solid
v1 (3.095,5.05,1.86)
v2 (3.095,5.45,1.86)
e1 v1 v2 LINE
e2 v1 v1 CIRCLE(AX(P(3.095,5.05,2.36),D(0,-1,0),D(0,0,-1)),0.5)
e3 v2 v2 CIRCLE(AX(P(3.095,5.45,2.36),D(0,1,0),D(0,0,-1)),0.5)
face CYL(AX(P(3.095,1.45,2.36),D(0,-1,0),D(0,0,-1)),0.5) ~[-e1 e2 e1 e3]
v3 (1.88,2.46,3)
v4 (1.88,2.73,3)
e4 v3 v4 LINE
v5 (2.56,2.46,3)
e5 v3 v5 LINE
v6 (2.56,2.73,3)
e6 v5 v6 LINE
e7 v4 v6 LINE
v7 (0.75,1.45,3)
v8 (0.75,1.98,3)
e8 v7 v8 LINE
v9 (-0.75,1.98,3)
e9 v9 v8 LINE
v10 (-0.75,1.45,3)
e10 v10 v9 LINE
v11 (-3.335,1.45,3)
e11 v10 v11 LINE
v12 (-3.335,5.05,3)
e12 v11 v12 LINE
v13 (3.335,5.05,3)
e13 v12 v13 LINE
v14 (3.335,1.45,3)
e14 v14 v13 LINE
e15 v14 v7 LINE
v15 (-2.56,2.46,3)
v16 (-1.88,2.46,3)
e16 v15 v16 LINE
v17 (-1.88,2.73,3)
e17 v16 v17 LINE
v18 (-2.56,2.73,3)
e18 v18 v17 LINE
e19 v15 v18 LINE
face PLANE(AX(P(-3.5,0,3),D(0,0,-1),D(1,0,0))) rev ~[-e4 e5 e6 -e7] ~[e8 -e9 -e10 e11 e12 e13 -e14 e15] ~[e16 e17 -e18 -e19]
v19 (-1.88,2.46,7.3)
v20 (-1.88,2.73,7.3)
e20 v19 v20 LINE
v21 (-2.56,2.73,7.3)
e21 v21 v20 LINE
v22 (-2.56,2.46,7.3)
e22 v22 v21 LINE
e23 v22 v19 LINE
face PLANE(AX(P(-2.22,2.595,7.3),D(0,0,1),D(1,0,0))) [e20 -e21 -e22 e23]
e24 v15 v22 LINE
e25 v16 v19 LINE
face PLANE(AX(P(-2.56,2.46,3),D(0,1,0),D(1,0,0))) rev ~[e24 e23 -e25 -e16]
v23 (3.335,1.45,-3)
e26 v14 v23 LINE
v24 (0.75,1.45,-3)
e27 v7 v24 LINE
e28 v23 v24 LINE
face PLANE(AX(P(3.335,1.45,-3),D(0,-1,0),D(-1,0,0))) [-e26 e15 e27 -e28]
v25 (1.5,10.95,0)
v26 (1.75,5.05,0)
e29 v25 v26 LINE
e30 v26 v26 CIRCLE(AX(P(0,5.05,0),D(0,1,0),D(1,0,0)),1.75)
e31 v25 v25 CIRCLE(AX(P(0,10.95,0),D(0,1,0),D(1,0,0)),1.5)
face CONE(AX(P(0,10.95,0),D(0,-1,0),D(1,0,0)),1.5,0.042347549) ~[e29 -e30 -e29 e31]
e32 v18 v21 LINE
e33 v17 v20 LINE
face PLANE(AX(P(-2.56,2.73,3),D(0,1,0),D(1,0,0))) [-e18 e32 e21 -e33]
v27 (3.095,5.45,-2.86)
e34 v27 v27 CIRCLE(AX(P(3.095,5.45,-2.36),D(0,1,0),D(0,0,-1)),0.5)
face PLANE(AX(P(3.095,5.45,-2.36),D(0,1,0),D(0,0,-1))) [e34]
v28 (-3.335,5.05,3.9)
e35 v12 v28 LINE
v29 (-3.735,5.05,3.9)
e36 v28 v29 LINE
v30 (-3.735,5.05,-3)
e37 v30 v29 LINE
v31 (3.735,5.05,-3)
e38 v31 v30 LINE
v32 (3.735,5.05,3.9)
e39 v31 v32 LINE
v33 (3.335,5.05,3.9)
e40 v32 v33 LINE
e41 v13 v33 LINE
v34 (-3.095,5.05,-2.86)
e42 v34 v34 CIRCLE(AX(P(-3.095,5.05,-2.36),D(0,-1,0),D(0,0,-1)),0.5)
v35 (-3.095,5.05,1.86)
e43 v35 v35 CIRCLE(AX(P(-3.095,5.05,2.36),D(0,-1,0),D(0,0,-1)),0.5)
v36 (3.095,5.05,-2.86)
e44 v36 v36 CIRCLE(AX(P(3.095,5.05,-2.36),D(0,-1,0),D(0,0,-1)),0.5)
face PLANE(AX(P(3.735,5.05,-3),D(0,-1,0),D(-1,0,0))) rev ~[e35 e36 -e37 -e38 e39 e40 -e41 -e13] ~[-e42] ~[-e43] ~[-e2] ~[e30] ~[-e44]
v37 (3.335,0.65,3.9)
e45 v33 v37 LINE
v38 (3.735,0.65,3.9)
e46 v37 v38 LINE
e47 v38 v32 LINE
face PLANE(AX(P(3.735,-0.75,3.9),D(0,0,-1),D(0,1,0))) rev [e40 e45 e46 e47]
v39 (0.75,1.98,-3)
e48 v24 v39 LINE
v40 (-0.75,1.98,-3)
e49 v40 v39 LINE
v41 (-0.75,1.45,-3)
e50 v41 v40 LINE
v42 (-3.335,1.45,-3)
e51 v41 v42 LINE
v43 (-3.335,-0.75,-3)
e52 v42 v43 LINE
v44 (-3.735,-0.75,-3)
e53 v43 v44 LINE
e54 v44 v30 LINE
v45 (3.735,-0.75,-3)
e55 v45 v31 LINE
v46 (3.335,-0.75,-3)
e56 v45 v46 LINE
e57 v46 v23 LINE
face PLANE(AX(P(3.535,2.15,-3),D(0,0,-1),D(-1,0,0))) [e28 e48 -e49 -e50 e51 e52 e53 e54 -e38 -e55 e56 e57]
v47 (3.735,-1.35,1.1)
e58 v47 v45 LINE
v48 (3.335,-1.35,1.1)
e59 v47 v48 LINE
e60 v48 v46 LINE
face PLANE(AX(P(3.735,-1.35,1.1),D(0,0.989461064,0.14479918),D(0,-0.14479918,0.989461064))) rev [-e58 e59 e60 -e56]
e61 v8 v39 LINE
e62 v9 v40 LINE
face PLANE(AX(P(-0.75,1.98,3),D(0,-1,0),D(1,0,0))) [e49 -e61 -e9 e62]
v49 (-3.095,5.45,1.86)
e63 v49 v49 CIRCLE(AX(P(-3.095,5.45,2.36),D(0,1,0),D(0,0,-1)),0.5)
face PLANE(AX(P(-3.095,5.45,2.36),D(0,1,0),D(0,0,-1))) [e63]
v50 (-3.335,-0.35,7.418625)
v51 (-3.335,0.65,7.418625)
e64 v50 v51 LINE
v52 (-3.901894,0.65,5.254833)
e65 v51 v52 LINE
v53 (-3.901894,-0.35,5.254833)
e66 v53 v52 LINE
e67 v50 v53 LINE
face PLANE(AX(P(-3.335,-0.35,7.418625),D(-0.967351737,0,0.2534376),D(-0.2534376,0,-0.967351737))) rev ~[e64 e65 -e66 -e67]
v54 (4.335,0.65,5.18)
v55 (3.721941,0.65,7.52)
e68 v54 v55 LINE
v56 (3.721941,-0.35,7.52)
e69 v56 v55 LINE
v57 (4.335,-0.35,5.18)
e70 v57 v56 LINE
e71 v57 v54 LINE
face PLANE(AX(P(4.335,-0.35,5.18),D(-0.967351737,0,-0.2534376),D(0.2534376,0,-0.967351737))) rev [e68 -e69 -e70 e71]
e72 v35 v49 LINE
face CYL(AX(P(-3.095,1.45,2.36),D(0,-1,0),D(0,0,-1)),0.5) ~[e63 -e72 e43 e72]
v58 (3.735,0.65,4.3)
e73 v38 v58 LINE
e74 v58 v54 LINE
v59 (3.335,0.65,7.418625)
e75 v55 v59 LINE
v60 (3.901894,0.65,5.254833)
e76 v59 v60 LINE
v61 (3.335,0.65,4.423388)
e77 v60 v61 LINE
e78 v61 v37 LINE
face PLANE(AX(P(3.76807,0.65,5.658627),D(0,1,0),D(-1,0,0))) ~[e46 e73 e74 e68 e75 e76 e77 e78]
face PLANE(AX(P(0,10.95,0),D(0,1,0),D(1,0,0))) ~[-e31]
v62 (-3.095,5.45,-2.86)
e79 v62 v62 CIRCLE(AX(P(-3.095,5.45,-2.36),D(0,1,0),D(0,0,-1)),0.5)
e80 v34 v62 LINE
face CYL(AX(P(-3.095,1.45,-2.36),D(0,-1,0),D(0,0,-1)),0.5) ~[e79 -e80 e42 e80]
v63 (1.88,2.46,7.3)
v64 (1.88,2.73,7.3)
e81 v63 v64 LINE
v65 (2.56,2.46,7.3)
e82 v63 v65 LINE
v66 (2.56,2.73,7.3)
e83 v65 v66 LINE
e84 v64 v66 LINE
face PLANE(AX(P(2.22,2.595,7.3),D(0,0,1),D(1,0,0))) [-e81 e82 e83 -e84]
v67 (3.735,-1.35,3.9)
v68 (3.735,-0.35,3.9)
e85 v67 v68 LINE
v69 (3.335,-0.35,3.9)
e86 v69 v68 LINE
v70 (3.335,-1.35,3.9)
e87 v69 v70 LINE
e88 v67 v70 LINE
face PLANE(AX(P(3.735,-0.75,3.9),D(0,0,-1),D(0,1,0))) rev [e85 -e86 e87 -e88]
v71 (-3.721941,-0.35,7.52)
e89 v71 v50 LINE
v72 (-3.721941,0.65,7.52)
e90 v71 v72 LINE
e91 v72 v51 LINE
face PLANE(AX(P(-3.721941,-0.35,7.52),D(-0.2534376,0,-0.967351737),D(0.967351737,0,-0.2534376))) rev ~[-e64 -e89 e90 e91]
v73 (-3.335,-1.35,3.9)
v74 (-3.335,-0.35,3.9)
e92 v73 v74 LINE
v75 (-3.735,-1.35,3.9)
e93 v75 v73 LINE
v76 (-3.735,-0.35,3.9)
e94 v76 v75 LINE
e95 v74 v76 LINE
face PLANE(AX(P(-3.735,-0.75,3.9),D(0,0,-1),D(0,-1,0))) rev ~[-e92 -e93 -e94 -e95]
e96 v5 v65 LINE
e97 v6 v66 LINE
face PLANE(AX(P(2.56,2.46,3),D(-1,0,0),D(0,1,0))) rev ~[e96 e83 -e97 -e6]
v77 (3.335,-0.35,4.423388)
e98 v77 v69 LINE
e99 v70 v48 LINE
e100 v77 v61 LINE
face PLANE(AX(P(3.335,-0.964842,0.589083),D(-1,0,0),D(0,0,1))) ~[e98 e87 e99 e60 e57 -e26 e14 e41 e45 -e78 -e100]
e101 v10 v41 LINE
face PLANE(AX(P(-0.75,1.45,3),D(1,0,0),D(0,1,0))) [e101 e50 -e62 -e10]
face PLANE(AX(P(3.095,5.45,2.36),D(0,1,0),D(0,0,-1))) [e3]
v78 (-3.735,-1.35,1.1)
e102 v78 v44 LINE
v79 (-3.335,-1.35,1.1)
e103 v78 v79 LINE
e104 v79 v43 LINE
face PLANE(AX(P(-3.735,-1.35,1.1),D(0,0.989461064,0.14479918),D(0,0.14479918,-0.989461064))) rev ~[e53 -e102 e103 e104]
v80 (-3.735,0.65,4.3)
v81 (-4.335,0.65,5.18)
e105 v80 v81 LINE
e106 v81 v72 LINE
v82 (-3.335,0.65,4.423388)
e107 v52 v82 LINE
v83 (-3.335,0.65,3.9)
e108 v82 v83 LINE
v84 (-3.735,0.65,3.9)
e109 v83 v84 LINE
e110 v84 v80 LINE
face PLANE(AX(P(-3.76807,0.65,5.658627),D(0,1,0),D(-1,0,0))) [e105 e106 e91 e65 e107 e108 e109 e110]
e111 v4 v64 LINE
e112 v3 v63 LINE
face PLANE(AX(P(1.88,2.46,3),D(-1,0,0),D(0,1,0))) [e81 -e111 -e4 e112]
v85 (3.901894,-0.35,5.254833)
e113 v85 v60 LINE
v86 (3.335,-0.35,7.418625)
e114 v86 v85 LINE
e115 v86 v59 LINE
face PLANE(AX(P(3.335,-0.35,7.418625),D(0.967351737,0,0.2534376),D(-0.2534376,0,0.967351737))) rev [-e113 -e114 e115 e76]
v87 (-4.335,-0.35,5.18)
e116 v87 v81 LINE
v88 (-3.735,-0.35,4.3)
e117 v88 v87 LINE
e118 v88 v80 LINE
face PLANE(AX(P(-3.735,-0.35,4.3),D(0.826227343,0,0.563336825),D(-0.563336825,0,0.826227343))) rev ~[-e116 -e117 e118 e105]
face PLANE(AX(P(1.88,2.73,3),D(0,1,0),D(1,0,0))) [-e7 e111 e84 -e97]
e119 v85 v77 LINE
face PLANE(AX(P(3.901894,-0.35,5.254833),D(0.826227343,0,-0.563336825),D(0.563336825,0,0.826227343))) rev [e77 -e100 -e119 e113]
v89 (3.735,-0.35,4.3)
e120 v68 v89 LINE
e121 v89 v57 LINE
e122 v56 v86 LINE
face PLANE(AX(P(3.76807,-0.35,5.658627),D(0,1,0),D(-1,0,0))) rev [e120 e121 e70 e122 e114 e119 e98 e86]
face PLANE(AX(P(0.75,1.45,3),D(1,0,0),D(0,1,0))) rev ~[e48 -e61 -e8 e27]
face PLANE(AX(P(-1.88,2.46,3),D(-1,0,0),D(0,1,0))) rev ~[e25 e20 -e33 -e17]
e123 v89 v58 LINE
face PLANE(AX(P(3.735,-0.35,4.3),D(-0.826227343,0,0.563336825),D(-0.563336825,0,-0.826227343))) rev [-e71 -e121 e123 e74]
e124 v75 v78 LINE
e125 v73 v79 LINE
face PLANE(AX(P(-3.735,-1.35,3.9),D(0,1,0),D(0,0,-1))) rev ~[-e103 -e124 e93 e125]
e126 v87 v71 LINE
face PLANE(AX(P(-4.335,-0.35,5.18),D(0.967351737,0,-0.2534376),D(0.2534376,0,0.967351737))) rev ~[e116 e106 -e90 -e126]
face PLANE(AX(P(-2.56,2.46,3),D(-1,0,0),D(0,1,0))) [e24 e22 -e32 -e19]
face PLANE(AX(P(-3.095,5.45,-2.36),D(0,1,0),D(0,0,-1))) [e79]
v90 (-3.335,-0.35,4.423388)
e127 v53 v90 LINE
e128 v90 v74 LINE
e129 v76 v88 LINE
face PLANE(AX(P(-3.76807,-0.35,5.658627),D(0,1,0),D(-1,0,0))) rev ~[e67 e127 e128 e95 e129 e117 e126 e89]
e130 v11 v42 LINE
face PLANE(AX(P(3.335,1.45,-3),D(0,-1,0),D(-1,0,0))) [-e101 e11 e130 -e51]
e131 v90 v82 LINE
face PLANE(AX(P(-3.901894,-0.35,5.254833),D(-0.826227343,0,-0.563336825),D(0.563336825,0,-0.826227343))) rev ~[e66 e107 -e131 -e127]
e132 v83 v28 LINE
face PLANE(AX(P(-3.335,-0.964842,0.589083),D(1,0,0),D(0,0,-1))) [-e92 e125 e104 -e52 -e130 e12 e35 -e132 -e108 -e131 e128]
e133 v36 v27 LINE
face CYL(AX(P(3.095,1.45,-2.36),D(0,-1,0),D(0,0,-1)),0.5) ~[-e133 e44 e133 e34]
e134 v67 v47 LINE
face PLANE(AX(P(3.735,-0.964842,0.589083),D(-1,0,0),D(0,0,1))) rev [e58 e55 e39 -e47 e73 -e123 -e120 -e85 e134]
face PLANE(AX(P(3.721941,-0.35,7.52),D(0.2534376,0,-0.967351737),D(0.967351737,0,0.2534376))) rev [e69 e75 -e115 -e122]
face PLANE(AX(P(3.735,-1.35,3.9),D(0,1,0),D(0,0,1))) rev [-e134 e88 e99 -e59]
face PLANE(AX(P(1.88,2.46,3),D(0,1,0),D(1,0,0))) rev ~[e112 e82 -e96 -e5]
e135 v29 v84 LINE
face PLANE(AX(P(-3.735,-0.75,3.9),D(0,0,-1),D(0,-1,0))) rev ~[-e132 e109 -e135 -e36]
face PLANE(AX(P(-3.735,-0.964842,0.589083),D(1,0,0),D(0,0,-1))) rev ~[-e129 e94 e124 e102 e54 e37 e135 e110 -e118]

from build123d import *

# Parameters (mm, degrees)
SKETCH1_W           = 7
SKETCH1_H           = 6
BOSS_EXTRUDE1_DEPTH = 5.05
SKETCH3_W           = 0.68
SKETCH3_H           = 0.27
BOSS_EXTRUDE2_DEPTH = 4.3
SKETCH4_W           = 0.4
SKETCH4_H           = 5.8
BOSS_EXTRUDE3_DEPTH = 6.9
SKETCH6_W           = 6.67
SKETCH6_H           = 1.45
CUT_EXTRUDE1_DEPTH  = 13.06410896
CUT_EXTRUDE2_REACH  = 10.686
SKETCH7_W           = 1.5
SKETCH7_H           = 0.53
BOSS_EXTRUDE5_START = -3.6
SKETCH9_R           = 0.5
BOSS_EXTRUDE5_DEPTH = 4
BOSS_EXTRUDE6_DEPTH = 0.4
BOSS_EXTRUDE4_START = -1
BOSS_EXTRUDE4_DEPTH = 1


with BuildPart() as part:
    # Sketch1 → Boss-Extrude1 (new body)
    with BuildSketch(Plane(origin=(0, 0, 0), x_dir=(1, 0, 0), z_dir=(0, 1, 0))):
        Rectangle(SKETCH1_W, SKETCH1_H)
    extrude(amount=BOSS_EXTRUDE1_DEPTH)

    # Sketch3 → Boss-Extrude2 (add)
    with BuildSketch(Plane.XY.offset(3)):
        with Locations((-2.22, 2.595)):
            Rectangle(SKETCH3_W, SKETCH3_H)
        with Locations((2.22, 2.595)):
            Rectangle(SKETCH3_W, SKETCH3_H)
    extrude(amount=BOSS_EXTRUDE2_DEPTH)

    # Sketch4 → Boss-Extrude3 (add)
    with BuildSketch(Plane(origin=(0, 0, -3), x_dir=(-1, 0, 0), z_dir=(0, 0, -1))):
        with Locations((-3.535, 2.15)):
            Rectangle(SKETCH4_W, SKETCH4_H)
        with Locations((3.535, 2.15)):
            Rectangle(SKETCH4_W, SKETCH4_H)
    extrude(amount=-BOSS_EXTRUDE3_DEPTH)

    # Sketch6 → Cut-Extrude1 (cut, through all)
    with BuildSketch(Plane(origin=(0, 0, -3), x_dir=(-1, 0, 0), z_dir=(0, 0, -1))):
        with Locations((0, 0.725)):
            Rectangle(SKETCH6_W, SKETCH6_H)
    extrude(amount=-CUT_EXTRUDE1_DEPTH, mode=Mode.SUBTRACT)

    # Sketch7 → Cut-Extrude2 (cut, up to next)
    with BuildSketch(Plane.XY.offset(3), mode=Mode.PRIVATE) as cut_extrude2_sk1:
        with Locations((0, 1.715)):
            Rectangle(SKETCH7_W, SKETCH7_H)
    cut_extrude2_tool1 = extrude(cut_extrude2_sk1.sketch, amount=-CUT_EXTRUDE2_REACH, mode=Mode.PRIVATE) & part.part
    add(cut_extrude2_tool1.solids().sort_by_distance((0, 1.715, 3))[0], mode=Mode.SUBTRACT)

    # Sketch9 → Boss-Extrude5 (add)
    with BuildSketch(Plane(origin=(0, 5.05, 0), x_dir=(1, 0, 0), z_dir=(0, 1, 0)).offset(BOSS_EXTRUDE5_START)):
        with Locations(Location((-3.095, 2.36, 0), (0, 0, 90))):
            Circle(SKETCH9_R)
        with Locations(Location((-3.095, -2.36, 0), (0, 0, 90))):
            Circle(SKETCH9_R)
        with Locations(Location((3.095, 2.36, 0), (0, 0, 90))):
            Circle(SKETCH9_R)
        with Locations(Location((3.095, -2.36, 0), (0, 0, 90))):
            Circle(SKETCH9_R)
    extrude(amount=BOSS_EXTRUDE5_DEPTH)

    # Sketch2 → Revolve1 (revolve)
    with BuildSketch(Plane.XY):
        Polygon((0, 5.05), (0, 10.95), (1.5, 10.95), (1.75, 5.05), align=None)
    revolve(axis=Axis((0, 5.05, 0), (0, 1, 0)))

    # Sketch10 → Boss-Extrude6 (add)
    with BuildSketch(Plane.ZY.offset(3.735)):
        Polygon((3.9, -0.75), (3.9, -1.35), (1.1, -1.35), (-3, -0.75), align=None)
    boss_extrude6 = extrude(amount=-BOSS_EXTRUDE6_DEPTH)

    # Sketch8 → Boss-Extrude4 (add)
    with BuildSketch(Plane.XZ.offset(1.35).offset(BOSS_EXTRUDE4_START)):
        Polygon((-3.735, 3.9), (-3.735, 4.3), (-4.335, 5.18), (-3.721940695, 7.52), (-3.335, 7.41862496), (-3.901894327, 5.254833117), (-3.335, 4.423388104), (-3.335, 3.9), align=None)
    boss_extrude4 = extrude(amount=-BOSS_EXTRUDE4_DEPTH)

    # Mirror1: Boss-Extrude6, Boss-Extrude4 across plane
    add(boss_extrude6.mirror(Plane(origin=(0, 0, 0), x_dir=(0, 0, 1), z_dir=(1, 0, 0))))
    add(boss_extrude4.mirror(Plane(origin=(0, 0, 0), x_dir=(0, 0, 1), z_dir=(1, 0, 0))))


solid = part.part
